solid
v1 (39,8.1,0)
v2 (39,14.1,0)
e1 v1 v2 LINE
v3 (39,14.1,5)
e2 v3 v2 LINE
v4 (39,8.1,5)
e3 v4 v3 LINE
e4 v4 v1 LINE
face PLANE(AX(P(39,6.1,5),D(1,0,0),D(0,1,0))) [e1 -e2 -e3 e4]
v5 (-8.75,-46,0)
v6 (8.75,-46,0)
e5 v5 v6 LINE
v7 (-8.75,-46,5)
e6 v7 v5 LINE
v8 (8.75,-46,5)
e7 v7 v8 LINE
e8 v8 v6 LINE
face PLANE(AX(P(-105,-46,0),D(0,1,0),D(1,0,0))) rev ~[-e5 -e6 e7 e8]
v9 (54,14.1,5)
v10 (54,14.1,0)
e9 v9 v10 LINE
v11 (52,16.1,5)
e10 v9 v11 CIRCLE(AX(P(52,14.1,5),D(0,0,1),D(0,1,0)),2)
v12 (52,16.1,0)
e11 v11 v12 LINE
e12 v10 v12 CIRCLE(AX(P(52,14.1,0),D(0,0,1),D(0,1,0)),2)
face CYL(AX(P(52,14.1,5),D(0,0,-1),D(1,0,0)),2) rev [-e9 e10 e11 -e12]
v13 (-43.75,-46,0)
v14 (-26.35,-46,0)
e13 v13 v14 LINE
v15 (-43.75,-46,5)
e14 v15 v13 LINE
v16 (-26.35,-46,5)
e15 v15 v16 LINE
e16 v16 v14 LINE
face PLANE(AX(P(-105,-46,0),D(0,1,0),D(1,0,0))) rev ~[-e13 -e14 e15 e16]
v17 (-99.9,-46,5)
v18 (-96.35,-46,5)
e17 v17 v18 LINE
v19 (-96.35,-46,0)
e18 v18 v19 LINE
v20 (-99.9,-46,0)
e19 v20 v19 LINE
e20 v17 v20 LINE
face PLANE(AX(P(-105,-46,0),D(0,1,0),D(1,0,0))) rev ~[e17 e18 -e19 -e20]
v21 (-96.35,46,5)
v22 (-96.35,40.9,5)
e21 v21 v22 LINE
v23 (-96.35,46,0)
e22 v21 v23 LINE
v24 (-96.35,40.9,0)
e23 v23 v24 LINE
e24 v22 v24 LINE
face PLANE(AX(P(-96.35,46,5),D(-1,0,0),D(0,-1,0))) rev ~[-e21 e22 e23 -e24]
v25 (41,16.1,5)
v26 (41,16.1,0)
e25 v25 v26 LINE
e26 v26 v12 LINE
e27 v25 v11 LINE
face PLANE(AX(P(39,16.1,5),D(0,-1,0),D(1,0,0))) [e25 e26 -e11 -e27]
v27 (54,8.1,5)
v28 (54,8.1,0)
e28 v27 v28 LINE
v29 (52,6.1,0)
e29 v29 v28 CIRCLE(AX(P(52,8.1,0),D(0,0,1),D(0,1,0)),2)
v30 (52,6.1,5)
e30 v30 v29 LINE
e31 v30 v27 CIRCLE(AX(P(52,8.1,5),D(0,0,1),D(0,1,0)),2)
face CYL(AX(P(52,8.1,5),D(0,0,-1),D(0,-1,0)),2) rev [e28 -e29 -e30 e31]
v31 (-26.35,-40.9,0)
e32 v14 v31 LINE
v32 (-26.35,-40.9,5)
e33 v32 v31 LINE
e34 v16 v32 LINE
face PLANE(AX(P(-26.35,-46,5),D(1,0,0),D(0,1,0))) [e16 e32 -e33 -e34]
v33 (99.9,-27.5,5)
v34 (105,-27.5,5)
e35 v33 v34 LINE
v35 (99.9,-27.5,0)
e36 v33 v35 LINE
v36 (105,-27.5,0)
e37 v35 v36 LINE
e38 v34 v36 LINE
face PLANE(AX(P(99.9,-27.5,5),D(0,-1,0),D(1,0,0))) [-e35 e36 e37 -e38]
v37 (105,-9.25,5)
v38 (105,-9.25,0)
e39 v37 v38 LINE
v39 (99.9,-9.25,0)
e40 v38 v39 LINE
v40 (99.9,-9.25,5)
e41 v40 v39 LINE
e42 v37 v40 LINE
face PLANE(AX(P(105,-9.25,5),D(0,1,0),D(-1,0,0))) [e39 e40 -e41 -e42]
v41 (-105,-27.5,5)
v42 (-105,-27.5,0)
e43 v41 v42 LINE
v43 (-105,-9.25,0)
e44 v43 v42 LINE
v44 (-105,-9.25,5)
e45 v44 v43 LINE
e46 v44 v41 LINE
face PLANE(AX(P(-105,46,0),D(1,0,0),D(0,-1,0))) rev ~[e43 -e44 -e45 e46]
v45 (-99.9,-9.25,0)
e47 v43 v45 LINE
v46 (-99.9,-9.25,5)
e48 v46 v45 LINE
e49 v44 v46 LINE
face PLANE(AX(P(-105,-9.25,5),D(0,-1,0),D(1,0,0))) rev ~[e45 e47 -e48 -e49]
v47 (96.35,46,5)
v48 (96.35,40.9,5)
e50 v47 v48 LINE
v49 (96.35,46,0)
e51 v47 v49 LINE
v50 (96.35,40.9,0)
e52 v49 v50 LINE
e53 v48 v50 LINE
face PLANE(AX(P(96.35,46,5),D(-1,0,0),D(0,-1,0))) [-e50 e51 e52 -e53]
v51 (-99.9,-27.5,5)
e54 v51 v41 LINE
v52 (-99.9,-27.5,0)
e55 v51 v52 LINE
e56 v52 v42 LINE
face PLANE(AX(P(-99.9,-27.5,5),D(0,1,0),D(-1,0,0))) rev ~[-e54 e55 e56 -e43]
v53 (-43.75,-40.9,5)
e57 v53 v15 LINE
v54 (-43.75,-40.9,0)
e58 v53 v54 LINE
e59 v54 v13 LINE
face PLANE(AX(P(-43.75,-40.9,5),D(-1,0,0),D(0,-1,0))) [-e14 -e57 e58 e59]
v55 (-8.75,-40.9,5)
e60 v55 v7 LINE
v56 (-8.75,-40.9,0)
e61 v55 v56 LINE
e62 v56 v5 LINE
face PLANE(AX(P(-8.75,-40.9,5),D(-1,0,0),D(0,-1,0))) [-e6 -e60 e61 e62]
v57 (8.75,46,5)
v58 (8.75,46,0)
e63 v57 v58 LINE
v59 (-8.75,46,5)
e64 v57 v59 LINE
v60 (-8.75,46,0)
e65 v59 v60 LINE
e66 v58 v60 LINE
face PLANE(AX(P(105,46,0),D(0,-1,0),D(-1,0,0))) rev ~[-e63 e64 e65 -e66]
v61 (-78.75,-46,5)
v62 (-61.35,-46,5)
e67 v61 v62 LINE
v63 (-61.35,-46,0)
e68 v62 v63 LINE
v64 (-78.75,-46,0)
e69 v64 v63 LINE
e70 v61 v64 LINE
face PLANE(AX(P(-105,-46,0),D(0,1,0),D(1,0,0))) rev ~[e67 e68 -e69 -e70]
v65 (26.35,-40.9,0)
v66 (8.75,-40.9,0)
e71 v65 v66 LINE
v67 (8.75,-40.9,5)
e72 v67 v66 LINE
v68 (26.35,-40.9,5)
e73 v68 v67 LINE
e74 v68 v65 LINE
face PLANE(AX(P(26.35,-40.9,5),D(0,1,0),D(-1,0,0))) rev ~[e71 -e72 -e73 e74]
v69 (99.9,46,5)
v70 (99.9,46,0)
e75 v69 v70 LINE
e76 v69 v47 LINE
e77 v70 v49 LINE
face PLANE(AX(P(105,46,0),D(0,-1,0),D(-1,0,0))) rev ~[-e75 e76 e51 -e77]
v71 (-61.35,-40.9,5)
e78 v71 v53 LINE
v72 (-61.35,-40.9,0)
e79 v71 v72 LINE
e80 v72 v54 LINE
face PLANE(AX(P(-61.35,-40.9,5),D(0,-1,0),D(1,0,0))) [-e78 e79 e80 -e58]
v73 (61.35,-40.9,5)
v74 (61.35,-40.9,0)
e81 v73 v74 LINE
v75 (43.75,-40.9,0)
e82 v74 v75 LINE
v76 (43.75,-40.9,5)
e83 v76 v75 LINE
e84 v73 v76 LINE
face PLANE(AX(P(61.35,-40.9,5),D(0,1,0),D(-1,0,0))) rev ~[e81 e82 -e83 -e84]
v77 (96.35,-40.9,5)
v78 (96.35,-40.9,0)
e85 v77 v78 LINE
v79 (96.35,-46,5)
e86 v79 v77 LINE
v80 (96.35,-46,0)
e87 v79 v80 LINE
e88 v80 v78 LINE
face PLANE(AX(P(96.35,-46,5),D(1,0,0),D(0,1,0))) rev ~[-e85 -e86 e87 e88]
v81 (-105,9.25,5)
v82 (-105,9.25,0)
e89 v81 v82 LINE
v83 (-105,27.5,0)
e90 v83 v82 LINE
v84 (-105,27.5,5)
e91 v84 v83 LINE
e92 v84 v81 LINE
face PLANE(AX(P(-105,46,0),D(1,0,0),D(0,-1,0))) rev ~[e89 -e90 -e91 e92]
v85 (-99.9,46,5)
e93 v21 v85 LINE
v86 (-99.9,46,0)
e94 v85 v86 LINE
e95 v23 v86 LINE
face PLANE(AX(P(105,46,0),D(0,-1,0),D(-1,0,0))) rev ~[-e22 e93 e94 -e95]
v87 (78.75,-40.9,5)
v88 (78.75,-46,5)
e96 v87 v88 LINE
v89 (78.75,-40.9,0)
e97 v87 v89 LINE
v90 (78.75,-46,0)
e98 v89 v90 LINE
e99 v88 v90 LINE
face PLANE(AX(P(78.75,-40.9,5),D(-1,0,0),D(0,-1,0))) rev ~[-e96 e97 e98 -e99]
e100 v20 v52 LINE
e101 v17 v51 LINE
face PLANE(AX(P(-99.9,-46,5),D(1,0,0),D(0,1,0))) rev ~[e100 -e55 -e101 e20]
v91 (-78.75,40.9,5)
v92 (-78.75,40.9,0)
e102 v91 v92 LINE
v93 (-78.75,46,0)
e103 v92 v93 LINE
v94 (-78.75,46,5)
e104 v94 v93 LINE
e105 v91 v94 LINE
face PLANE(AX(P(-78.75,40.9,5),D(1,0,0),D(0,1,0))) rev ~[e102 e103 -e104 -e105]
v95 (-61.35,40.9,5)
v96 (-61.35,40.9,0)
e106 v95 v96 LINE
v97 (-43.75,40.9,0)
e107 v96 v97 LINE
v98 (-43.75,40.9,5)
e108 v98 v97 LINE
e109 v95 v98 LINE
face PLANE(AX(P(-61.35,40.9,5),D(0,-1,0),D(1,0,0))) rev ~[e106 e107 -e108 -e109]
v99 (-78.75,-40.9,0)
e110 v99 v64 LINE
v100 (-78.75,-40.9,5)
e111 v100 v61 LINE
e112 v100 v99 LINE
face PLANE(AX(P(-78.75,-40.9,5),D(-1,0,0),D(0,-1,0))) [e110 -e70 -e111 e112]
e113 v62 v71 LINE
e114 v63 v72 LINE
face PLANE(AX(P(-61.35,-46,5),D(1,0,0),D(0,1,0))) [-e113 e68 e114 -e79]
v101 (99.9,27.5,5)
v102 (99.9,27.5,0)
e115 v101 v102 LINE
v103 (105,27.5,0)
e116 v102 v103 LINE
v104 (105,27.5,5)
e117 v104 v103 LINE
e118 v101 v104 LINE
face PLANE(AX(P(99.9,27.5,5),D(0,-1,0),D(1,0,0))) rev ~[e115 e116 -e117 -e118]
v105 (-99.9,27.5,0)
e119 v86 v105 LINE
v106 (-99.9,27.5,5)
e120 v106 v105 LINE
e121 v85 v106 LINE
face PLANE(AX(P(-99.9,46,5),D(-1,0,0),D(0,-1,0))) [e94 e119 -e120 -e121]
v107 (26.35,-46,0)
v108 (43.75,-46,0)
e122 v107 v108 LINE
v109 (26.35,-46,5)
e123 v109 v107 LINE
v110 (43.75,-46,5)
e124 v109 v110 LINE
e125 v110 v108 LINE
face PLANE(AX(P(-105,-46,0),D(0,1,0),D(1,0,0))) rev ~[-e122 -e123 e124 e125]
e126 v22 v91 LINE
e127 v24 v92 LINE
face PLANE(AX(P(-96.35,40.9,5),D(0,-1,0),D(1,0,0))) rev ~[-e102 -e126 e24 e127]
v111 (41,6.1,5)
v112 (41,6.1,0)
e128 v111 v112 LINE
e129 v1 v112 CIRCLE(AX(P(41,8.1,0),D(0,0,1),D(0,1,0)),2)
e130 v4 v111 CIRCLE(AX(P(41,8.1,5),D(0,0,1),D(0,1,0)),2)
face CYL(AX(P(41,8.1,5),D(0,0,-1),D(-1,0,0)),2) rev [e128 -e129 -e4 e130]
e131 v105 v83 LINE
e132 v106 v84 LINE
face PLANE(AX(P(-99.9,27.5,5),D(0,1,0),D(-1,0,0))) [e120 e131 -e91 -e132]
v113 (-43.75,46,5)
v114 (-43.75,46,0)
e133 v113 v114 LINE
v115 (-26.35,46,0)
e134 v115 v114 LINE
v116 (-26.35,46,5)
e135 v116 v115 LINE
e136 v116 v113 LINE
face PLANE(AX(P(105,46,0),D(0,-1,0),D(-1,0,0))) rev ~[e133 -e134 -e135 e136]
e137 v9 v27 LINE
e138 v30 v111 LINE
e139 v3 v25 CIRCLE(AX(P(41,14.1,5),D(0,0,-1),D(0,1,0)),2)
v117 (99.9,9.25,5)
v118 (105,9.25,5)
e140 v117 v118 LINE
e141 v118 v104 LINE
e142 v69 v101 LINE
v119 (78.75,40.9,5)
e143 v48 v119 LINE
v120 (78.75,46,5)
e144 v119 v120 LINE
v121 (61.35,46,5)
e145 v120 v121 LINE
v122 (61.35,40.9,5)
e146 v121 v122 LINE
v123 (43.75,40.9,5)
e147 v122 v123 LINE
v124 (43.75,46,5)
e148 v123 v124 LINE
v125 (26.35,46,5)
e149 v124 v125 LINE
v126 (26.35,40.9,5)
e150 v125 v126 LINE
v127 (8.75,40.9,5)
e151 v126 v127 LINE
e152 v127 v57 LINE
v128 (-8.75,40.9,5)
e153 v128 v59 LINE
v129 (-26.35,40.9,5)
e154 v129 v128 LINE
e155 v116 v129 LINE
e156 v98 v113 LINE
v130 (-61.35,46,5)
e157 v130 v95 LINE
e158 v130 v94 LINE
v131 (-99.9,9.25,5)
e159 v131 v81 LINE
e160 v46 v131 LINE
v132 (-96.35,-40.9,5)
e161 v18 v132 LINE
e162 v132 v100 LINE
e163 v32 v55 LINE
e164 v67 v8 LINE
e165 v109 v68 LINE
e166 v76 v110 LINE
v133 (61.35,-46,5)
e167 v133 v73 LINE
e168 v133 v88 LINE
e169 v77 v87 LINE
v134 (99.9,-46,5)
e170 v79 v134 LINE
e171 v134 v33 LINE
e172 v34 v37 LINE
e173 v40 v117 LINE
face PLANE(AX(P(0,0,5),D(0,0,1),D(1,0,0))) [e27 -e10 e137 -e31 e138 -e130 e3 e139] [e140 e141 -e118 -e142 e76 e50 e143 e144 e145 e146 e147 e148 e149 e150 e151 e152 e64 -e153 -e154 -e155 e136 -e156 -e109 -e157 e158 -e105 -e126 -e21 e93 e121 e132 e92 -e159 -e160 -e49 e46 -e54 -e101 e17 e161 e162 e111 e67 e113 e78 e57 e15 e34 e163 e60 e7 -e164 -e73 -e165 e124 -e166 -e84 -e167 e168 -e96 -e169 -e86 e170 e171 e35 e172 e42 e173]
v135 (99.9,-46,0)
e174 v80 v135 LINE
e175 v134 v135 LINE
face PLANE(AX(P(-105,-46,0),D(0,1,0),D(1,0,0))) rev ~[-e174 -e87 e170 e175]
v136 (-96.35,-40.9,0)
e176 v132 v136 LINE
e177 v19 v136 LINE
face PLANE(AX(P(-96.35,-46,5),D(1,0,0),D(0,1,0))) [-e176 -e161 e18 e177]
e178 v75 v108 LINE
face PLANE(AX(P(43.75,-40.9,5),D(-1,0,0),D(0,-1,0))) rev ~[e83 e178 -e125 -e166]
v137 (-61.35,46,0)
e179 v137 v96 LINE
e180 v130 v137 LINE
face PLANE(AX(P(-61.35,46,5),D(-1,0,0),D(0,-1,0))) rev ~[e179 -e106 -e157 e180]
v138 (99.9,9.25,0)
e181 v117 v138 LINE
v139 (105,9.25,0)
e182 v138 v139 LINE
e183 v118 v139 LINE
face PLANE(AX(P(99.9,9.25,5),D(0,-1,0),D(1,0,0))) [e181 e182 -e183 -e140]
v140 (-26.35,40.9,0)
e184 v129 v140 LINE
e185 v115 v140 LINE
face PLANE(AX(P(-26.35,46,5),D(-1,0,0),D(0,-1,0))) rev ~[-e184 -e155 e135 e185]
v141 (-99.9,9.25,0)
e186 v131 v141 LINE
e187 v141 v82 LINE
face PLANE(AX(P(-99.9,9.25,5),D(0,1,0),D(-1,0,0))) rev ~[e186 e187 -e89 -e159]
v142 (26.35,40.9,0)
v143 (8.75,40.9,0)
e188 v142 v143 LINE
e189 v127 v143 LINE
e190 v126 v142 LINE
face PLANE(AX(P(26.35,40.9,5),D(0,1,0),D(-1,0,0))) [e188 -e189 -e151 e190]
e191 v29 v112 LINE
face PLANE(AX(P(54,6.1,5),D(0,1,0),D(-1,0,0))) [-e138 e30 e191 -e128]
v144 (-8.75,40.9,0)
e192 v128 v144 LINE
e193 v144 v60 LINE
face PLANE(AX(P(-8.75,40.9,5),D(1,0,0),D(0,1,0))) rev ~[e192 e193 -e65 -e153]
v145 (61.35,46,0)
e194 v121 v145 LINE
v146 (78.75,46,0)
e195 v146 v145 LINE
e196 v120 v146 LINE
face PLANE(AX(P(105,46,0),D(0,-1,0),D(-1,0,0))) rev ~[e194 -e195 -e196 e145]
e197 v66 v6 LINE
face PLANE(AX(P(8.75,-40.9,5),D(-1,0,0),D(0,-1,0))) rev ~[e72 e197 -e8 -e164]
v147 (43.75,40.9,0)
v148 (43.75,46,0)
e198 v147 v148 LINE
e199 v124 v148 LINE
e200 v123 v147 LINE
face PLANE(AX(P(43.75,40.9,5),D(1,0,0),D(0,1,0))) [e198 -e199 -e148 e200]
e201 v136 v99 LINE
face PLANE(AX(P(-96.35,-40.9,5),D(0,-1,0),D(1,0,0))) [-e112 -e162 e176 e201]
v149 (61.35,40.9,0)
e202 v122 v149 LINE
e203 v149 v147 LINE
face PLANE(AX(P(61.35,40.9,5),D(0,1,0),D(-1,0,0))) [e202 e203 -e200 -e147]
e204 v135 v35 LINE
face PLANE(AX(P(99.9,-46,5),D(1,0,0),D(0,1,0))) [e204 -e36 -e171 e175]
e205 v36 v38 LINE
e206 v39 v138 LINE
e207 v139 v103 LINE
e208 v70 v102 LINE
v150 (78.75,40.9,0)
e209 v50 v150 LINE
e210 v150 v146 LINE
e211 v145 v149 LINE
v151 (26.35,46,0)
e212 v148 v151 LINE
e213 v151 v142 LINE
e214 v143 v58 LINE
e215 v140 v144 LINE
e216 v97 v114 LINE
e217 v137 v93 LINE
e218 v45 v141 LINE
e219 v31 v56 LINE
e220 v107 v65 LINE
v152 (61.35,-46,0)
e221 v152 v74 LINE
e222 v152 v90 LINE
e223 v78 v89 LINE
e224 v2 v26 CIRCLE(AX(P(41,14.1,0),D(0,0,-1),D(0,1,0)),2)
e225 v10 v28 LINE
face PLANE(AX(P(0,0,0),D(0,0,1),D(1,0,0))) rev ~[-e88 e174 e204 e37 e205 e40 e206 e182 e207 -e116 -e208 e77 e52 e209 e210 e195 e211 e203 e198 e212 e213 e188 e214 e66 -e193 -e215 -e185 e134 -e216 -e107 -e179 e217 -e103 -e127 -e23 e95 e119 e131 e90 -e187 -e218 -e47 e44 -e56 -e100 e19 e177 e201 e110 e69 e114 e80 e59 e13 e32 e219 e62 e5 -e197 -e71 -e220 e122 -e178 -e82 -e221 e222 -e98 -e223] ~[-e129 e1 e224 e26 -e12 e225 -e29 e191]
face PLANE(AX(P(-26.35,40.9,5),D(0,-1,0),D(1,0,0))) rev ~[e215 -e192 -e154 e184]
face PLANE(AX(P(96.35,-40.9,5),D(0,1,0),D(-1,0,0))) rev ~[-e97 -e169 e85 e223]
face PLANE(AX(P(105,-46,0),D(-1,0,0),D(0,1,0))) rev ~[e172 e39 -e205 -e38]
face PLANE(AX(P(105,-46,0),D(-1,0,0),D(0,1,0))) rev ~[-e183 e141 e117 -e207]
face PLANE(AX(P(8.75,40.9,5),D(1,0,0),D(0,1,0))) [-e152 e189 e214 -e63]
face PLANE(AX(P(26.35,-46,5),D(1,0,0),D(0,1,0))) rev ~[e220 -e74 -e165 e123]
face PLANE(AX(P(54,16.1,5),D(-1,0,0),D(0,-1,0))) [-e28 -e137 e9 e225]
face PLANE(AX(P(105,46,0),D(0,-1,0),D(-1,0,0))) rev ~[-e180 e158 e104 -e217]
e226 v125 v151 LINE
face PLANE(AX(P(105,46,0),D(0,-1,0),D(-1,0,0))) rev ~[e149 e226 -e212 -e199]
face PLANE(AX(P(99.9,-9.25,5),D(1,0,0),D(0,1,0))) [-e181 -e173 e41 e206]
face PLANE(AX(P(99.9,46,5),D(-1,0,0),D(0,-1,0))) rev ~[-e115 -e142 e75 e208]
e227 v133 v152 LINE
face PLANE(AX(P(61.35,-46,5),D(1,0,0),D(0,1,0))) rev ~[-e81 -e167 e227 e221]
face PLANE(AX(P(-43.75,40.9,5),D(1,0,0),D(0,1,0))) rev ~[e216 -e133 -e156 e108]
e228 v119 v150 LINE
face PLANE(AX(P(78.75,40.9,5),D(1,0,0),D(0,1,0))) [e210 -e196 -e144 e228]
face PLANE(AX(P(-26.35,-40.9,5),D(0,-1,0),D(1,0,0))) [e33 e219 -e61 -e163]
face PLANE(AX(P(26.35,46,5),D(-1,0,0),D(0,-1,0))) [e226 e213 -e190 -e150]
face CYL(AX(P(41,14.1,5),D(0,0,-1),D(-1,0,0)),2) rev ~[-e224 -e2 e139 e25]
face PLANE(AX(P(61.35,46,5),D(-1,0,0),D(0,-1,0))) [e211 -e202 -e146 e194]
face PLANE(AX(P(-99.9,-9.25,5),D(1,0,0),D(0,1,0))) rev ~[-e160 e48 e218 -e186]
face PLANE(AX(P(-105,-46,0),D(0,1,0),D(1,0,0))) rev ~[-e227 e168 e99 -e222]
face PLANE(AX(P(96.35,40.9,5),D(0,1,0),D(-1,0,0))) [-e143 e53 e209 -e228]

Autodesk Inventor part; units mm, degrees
ref_plane "YZ Plane" through (0, 0, 0) normal (1, 0, 0) x (0, 1, 0)
ref_plane "XZ Plane" through (0, 0, 0) normal (0, 1, 0) x (-1, 0, 0)
ref_plane "XY Plane" through (0, 0, 0) normal (0, 0, 1) x (1, 0, 0)
sketch "Sketch1" plane through (0, 0, 0) normal (0, 0, 1) x (1, 0, 0)
  line L0 (-105, -46) -> (105, -46)
  line L1 (105, -46) -> (105, 46)
  line L2 (105, 46) -> (-105, 46)
  line L3 (-105, 46) -> (-105, -46)
  line L4 (-105, -46) -> (105, 46) construction
  line L5 (105, -46) -> (-105, 46) construction
  point P0 (0, 0)
  dimension "d0" = 210
  dimension "d1" = 92
extrude "Extrusion1" add sketch "Sketch1" along normal blind 5
sketch "Sketch2" plane through (0, 0, 5) normal (0, 0, 1) x (1, 0, 0)
  line L0 (39, 16.1) -> (54, 16.1)
  line L1 (54, 16.1) -> (54, 6.1)
  line L2 (54, 6.1) -> (39, 6.1)
  line L3 (39, 6.1) -> (39, 16.1)
  line L4 (-3, 9.6) -> (85, 9.6) construction
  line L5 (85, 9.6) -> (85, 8) construction
  line L6 (85, 8) -> (-3, 8) construction
  line L7 (-3, 8) -> (-3, 9.6) construction
  line L8 (-105, -46) -> (105, -46) construction
  line L9 (7.25, 15.6) -> (17.25, 15.6)
  line L10 (17.25, 15.6) -> (17.25, 10.6)
  line L11 (17.25, 10.6) -> (7.25, 10.6)
  line L12 (7.25, 10.6) -> (7.25, 15.6)
  line L13 (105, -46) -> (105, 46) projected
  line L14 (17.25, 10.6) -> (7.25, 15.6) construction
  line L15 (17.25, 15.6) -> (7.25, 10.6) construction
  line L16 (54, 6.1) -> (39, 16.1) construction
  line L17 (39, 6.1) -> (54, 16.1) construction
  point P0 (0, 0)
  point P1 (85, 8.8)
  point P2 (54, 11.1)
  point P3 (12.25, 13.1)
  point P4 (12.25, 13.1)
  point P5 (46.5, 11.1)
  point P6 (46.5, 11.1)
  dimension "d4" = 1.6
  dimension "d5" = 55.6
  dimension "d7" = 15
  dimension "d8" = 10
  dimension "d9" = 10
  dimension "d10" = 5
  dimension "d12" = 88
  dimension "d13" = 20
  dimension "d17" = 3.5
  dimension "d18" = 72.75
  dimension "d19" = 1.5
  dimension "d20" = 38.5
extrude "Extrusion2" cut sketch "Sketch2" against normal blind 5 contours L0 L1 L2 L3
fillet "Fillet1" radius 2 4 edges at (39, 16.1, 2.5) (39, 6.1, 2.5) (54, 6.1, 2.5) (54, 16.1, 2.5)
sketch "Sketch3" plane through (0, 0, 5) normal (0, 0, 1) x (1, 0, 0)
  line L0 (-8.75, 46) -> (-26.35, 46)
  line L1 (-26.35, 46) -> (-26.35, 40.9)
  line L2 (-26.35, 40.9) -> (-8.75, 40.9)
  line L3 (-8.75, 40.9) -> (-8.75, 46)
  line L4 (-43.75, 46) -> (-61.35, 46)
  line L5 (-61.35, 46) -> (-61.35, 40.9)
  line L6 (-61.35, 40.9) -> (-43.75, 40.9)
  line L7 (-43.75, 40.9) -> (-43.75, 46)
  line L8 (-78.75, 46) -> (-96.35, 46)
  line L9 (-96.35, 46) -> (-96.35, 40.9)
  line L10 (-96.35, 40.9) -> (-78.75, 40.9)
  line L11 (-78.75, 40.9) -> (-78.75, 46)
  line L12 (0, 0) -> (0, 46) construction
  line L13 (78.75, 40.9) -> (78.75, 46)
  line L14 (96.35, 40.9) -> (78.75, 40.9)
  line L15 (96.35, 46) -> (96.35, 40.9)
  line L16 (78.75, 46) -> (96.35, 46)
  line L17 (8.75, 40.9) -> (8.75, 46)
  line L18 (26.35, 40.9) -> (8.75, 40.9)
  line L19 (8.75, 46) -> (26.35, 46)
  line L20 (26.35, 46) -> (26.35, 40.9)
  line L21 (43.75, 40.9) -> (43.75, 46)
  line L22 (61.35, 46) -> (61.35, 40.9)
  line L23 (43.75, 46) -> (61.35, 46)
  line L24 (61.35, 40.9) -> (43.75, 40.9)
  line L25 (0, 0) -> (105, 0) construction
  line L26 (-96.35, -40.9) -> (-78.75, -40.9)
  line L27 (-78.75, -40.9) -> (-78.75, -46)
  line L28 (-78.75, -46) -> (-96.35, -46)
  line L29 (-61.35, -40.9) -> (-43.75, -40.9)
  line L30 (-43.75, -40.9) -> (-43.75, -46)
  line L31 (-43.75, -46) -> (-61.35, -46)
  line L32 (-26.35, -46) -> (-26.35, -40.9)
  line L33 (-26.35, -40.9) -> (-8.75, -40.9)
  line L34 (-96.35, -46) -> (-96.35, -40.9)
  line L35 (-61.35, -46) -> (-61.35, -40.9)
  line L36 (-8.75, -40.9) -> (-8.75, -46)
  line L37 (-8.75, -46) -> (-26.35, -46)
  line L38 (8.75, -40.9) -> (8.75, -46)
  line L39 (26.35, -40.9) -> (8.75, -40.9)
  line L40 (8.75, -46) -> (26.35, -46)
  line L41 (26.35, -46) -> (26.35, -40.9)
  line L42 (43.75, -40.9) -> (43.75, -46)
  line L43 (61.35, -46) -> (61.35, -40.9)
  line L44 (43.75, -46) -> (61.35, -46)
  line L45 (61.35, -40.9) -> (43.75, -40.9)
  line L46 (78.75, -40.9) -> (78.75, -46)
  line L47 (78.75, -46) -> (96.35, -46)
  line L48 (96.35, -46) -> (96.35, -40.9)
  line L49 (96.35, -40.9) -> (78.75, -40.9)
  line L50 (105, 46) -> (-105, 46) projected
  line L51 (-105, 46) -> (-105, -46) projected
  line L52 (-105, -46) -> (105, -46) projected
  line L53 (105, -46) -> (105, 46) projected
  line L54 (-105, 46) -> (-99.9, 46)
  line L55 (-99.9, 46) -> (-99.9, 27.5)
  line L56 (-99.9, 27.5) -> (-105, 27.5)
  line L57 (-105, 27.5) -> (-105, 46)
  line L58 (-105, -46) -> (-99.9, -46)
  line L59 (-99.9, -46) -> (-99.9, -27.5)
  line L60 (-99.9, -27.5) -> (-105, -27.5)
  line L61 (-105, -27.5) -> (-105, -46)
  line L62 (-105, -9.25) -> (-99.9, -9.25)
  line L63 (-99.9, -9.25) -> (-99.9, 9.25)
  line L64 (-99.9, 9.25) -> (-105, 9.25)
  line L65 (-105, 9.25) -> (-105, -9.25)
  line L66 (105, 46) -> (99.9, 46)
  line L67 (99.9, 46) -> (99.9, 27.5)
  line L68 (99.9, 27.5) -> (105, 27.5)
  line L69 (105, 27.5) -> (105, 46)
  line L70 (105, -46) -> (99.9, -46)
  line L71 (99.9, -46) -> (99.9, -27.5)
  line L72 (99.9, -27.5) -> (105, -27.5)
  line L73 (105, -27.5) -> (105, -46)
  line L74 (105, -9.25) -> (99.9, -9.25)
  line L75 (99.9, -9.25) -> (99.9, 9.25)
  line L76 (99.9, 9.25) -> (105, 9.25)
  line L77 (105, 9.25) -> (105, -9.25)
  point P0 (-17.55, 40.9)
  point P1 (-52.55, 40.9)
  point P2 (-87.55, 40.9)
  point P3 (87.55, 40.9)
  point P4 (17.55, 40.9)
  point P5 (52.55, 40.9)
  point P6 (-87.55, -40.9)
  point P7 (-52.55, -40.9)
  point P8 (-17.55, -40.9)
  point P9 (0, -46)
  point P10 (17.55, -40.9)
  point P11 (52.55, -40.9)
  point P12 (87.55, -40.9)
  point P13 (-105, 0)
  dimension "d27" = 17.55
  dimension "d28" = 17.6
  dimension "d29" = 5.1
  dimension "d30" = 35
  dimension "d32" = 210
  dimension "d35" = 92
  dimension "d38" = 18.5
extrude "Extrusion3" cut sketch "Sketch3" against normal blind 5 contours L3 L2 L1 L0 | L19 L20 L18 L17 | L7 L6 L5 L4 | L23 L22 L24 L21 | L11 L10 L9 L8 | L16 L15 L14 L13 | L55 L56 L51 L50 | L50 L53 L68 L67 | L64 L63 L62 L51 | L53 L74 L75 L76 | L60 L59 L52 L51 | L53 L52 L71 L72 | L34 L26 L27 L28 | L47 L46 L49 L48 | L35 L29 L30 L31 | L44 L42 L45 L43 | L32 L33 L36 L37 | L40 L38 L39 L41
equation "\"d30\" = 0.166667 * d32"
properties part number "Backplate" material "MDF Medium Density Fiberboard"
